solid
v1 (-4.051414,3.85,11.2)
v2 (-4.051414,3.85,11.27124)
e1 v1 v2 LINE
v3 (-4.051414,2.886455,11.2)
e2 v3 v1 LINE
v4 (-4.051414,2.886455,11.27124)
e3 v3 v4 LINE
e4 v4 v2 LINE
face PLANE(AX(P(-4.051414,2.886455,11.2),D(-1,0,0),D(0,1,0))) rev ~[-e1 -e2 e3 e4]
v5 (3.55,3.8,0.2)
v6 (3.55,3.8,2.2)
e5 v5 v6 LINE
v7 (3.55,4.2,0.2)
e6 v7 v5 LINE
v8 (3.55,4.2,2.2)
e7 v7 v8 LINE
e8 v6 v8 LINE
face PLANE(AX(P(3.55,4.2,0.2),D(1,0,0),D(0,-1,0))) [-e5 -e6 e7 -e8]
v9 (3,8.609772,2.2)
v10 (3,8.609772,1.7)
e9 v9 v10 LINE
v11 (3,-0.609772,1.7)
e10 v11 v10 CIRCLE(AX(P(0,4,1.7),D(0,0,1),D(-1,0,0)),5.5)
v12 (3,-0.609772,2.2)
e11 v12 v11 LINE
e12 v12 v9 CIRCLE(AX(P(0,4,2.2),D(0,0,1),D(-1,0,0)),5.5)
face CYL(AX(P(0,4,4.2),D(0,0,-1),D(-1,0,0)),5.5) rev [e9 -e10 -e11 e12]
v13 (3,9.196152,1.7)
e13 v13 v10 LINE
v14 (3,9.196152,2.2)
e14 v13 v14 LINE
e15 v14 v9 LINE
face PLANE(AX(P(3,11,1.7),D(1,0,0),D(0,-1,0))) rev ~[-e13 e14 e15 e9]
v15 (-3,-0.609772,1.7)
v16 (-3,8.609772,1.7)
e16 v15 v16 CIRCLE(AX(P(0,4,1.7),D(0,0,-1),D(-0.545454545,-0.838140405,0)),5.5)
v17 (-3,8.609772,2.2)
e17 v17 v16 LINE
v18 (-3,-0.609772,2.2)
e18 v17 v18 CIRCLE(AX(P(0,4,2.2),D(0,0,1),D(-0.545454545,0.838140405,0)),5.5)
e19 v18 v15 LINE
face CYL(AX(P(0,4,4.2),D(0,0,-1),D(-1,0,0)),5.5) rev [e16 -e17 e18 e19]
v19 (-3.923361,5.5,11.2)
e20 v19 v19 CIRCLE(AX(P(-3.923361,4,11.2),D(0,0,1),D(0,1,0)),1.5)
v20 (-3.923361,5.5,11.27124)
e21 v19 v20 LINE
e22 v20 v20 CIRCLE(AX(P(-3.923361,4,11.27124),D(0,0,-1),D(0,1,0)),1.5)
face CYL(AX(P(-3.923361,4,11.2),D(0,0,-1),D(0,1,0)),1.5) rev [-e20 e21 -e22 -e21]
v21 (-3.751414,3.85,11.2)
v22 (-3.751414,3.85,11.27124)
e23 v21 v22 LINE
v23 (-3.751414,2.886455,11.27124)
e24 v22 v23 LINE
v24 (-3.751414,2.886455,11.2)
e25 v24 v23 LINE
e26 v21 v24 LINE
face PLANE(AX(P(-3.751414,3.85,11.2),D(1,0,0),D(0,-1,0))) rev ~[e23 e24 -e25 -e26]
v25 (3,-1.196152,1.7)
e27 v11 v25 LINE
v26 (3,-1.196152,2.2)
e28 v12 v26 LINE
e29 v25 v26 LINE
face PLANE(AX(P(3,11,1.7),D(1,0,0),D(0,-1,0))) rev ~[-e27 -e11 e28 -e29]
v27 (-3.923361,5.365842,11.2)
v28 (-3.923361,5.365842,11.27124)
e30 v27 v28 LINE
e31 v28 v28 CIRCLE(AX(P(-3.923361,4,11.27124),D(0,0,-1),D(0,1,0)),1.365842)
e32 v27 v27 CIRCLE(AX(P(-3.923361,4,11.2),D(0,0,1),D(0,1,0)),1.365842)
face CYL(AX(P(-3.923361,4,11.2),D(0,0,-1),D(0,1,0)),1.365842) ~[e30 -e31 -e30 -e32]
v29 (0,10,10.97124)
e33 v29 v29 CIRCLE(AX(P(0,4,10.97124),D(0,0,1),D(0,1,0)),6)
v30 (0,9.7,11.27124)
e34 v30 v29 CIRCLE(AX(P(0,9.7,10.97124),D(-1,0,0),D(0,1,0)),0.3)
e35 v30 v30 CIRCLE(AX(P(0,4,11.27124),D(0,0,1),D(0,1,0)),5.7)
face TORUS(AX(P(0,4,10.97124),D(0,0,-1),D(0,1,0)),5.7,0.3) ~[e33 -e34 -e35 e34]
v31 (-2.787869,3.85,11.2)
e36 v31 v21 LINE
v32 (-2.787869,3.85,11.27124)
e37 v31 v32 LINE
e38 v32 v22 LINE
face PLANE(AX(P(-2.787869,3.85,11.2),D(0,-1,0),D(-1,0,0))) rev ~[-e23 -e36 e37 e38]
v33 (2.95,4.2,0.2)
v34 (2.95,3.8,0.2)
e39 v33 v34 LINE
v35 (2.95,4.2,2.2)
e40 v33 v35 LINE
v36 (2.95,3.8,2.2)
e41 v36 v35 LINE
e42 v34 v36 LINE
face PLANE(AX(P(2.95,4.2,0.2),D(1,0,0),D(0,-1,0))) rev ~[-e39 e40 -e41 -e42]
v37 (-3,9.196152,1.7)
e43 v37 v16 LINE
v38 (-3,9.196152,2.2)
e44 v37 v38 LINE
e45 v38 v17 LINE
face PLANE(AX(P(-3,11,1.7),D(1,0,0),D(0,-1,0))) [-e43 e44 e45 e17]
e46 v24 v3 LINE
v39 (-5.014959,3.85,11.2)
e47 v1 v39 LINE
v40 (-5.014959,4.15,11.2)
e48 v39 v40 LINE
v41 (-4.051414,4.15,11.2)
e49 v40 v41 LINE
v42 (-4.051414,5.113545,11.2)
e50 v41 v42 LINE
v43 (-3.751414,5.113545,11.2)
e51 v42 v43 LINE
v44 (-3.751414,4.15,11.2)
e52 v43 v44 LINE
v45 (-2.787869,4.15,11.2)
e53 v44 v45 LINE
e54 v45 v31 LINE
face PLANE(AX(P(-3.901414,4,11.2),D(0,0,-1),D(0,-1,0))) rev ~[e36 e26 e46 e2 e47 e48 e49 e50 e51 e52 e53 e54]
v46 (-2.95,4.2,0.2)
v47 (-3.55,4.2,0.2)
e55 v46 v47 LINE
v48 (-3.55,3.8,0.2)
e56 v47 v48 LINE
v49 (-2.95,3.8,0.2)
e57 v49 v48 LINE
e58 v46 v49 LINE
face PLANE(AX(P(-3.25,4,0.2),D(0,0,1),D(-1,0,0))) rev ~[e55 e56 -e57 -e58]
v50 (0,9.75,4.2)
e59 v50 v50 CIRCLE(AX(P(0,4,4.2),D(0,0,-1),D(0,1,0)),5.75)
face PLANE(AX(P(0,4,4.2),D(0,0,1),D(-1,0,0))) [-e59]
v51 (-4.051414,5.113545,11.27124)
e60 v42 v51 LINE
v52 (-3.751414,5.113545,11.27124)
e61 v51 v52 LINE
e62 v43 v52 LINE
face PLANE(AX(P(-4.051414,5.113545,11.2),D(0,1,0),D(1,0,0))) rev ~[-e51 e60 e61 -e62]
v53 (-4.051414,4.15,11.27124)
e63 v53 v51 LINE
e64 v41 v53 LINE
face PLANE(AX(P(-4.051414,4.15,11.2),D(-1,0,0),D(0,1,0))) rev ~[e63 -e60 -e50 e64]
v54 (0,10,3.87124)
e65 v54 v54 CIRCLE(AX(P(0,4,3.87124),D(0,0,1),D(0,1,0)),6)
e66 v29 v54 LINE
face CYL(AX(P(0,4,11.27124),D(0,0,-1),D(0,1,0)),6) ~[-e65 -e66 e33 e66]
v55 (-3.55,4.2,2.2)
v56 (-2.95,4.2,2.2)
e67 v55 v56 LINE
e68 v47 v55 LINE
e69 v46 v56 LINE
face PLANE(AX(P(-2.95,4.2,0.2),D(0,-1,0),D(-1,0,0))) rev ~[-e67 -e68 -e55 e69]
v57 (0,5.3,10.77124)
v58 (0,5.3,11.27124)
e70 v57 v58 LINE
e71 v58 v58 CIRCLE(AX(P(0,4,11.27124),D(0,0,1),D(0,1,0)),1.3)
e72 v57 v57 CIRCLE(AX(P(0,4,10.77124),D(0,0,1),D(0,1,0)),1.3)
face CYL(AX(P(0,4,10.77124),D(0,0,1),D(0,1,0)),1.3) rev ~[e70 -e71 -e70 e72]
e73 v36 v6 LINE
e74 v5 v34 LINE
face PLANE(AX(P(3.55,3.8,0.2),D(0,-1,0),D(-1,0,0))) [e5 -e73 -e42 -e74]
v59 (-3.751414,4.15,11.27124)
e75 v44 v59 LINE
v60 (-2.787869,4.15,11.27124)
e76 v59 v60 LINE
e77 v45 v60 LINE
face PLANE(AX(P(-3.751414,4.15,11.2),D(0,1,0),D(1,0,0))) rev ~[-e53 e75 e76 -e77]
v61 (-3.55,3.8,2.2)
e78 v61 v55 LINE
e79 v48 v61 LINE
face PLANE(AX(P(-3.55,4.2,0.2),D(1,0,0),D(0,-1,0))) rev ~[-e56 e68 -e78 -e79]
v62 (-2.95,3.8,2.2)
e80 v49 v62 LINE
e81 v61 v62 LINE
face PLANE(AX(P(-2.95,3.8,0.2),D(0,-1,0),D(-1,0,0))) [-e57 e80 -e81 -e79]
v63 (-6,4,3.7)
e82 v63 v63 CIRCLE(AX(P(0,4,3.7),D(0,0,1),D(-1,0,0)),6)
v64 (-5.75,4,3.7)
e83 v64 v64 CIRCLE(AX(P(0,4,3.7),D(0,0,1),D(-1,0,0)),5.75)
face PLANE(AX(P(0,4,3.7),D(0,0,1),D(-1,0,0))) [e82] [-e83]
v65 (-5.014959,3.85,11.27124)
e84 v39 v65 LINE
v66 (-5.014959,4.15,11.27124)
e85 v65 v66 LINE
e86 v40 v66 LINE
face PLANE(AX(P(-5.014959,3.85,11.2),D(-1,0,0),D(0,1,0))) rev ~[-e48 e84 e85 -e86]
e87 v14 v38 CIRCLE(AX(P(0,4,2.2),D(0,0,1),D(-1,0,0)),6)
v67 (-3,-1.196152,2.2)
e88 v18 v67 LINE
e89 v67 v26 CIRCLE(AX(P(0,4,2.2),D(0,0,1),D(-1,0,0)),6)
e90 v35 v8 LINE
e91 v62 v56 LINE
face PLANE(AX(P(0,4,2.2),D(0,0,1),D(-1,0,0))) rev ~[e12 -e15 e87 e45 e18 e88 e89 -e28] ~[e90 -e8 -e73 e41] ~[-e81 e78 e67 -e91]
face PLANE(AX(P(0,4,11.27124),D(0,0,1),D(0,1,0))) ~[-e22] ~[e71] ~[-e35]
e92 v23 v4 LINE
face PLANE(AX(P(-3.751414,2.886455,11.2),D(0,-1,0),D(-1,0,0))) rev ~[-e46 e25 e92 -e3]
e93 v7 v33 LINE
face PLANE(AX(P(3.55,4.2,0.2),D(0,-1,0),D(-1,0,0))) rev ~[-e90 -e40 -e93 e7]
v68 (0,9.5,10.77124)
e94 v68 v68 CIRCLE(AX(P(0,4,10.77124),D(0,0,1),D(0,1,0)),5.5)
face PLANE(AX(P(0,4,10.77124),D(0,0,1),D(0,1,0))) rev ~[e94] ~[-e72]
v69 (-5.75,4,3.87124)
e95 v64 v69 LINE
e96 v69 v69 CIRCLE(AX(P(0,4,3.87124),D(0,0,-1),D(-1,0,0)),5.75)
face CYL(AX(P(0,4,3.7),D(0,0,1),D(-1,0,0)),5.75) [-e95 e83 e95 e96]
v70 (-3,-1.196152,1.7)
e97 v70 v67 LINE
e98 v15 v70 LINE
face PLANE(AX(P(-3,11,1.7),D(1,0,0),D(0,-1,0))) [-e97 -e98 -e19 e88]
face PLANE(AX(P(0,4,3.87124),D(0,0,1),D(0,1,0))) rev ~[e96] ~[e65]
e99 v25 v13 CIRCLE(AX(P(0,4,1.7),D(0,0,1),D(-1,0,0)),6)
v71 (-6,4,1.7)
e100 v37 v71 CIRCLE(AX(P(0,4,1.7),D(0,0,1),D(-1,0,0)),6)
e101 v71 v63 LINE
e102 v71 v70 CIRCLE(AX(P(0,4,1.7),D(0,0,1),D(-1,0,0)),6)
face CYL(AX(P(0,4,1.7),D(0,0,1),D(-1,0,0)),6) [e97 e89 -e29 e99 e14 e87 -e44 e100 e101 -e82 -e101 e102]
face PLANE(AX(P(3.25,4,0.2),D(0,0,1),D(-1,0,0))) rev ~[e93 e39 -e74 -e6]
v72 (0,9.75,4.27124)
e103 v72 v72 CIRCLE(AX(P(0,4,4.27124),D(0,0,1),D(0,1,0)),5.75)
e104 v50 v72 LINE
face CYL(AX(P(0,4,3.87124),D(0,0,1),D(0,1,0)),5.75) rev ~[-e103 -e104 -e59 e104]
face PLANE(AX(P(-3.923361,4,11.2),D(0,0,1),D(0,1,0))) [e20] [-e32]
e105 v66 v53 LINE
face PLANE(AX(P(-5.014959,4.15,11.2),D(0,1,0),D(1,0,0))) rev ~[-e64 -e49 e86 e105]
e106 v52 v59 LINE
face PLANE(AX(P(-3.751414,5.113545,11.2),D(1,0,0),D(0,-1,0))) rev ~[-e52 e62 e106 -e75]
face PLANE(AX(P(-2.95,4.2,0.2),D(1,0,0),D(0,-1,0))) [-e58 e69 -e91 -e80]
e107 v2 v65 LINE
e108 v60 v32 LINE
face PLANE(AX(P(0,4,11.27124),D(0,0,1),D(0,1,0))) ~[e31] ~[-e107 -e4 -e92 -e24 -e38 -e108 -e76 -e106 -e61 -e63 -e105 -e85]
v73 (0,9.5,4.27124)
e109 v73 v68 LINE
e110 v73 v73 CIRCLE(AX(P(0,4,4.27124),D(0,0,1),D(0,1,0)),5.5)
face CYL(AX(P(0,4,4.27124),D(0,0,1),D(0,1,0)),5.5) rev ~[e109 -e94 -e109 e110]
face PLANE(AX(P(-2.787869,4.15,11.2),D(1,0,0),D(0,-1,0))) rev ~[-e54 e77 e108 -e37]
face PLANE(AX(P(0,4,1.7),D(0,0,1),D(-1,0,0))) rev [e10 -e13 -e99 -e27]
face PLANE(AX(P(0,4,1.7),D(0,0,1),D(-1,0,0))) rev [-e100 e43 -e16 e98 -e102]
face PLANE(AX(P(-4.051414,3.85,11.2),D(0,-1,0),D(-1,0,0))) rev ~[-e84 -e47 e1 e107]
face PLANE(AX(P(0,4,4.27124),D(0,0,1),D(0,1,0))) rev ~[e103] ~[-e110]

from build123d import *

# Parameters (mm, degrees)
BOX_W                     = 0.6
BOX_H                     = 0.4
BOX_DEPTH                 = 2.5
BOX002_W                  = 0.6
BOX002_H                  = 0.4
BOX002_DEPTH              = 2.5
CYLINDER002_R             = 5.5
CYLINDER002_DEPTH         = 2
FUSION002_PLACEMENT_ANGLE = 90
BOX001_W                  = 6
BOX001_H                  = 15
BOX001_DEPTH              = 0.5
CUT005_PLACEMENT_ANGLE    = 90
PAD003_DEPTH              = 5
SKETCH004_R               = 1.5
SKETCH004_R_2             = 1.365842
PAD004_DEPTH              = 5
FILLET_R                  = 0.3
FUSION001_PLACEMENT_ANGLE = 90


with BuildPart() as pata1_buzzer:
    # Box → Box (new body)
    with BuildSketch(Plane(origin=(2.95, -0.2, -2), x_dir=(1, 0, 0), z_dir=(0, 0, 1))):
        with Locations((0.3, 0.2)):
            Rectangle(BOX_W, BOX_H)
    extrude(amount=BOX_DEPTH)


with BuildPart() as pata2_buzzer:
    # Box002 → Box002 (new body)
    with BuildSketch(Plane(origin=(-3.55, -0.2, -2), x_dir=(1, 0, 0), z_dir=(0, 0, 1))):
        with Locations((0.3, 0.2)):
            Rectangle(BOX002_W, BOX002_H)
    extrude(amount=BOX002_DEPTH)


with BuildPart() as interior_buzzer:
    # Cylinder002 → Cylinder002 (new body)
    with BuildSketch(Plane.XY):
        Circle(CYLINDER002_R)
    extrude(amount=CYLINDER002_DEPTH)

    # Fusion002: union pata1_buzzer, pata2_buzzer
    add(pata1_buzzer.part)
    add(pata2_buzzer.part)


with BuildPart() as interior_buzzer_1:
    # Fusion002 placement: moved
    add(interior_buzzer.part.moved(Location((0, 0, 0.5))).rotate(Axis((0, 0, 0.5), (0, 0, 1)), FUSION002_PLACEMENT_ANGLE))


with BuildPart() as rebaje_aroinf:
    # Box001 → Box001 (new body)
    with BuildSketch(Plane(origin=(-3, -7, 0), x_dir=(1, 0, 0), z_dir=(0, 0, 1))):
        with Locations((3, 7.5)):
            Rectangle(BOX001_W, BOX001_H)
    extrude(amount=BOX001_DEPTH)


with BuildPart() as aroinferior:
    # Sketch002 → Revolution001 (revolve)
    with BuildSketch(Plane.XZ):
        Polygon((5.5, 2.5), (5.5, 0), (6, 0), (6, 2), (5.75, 2), (5.75, 2.5), align=None)
    revolve(axis=Axis((0, 0, 0), (0, 0, 1)))

    # Cut005: cut Rebaje_AroInf
    add(rebaje_aroinf.part, mode=Mode.SUBTRACT)


with BuildPart() as aroinferior_1:
    # Cut005 placement: moved
    add(aroinferior.part.rotate(Axis((0, 0, 0), (0, 0, 1)), CUT005_PLACEMENT_ANGLE))


with BuildPart() as ext_troquelplus:
    # Sketch005 → Pad003 (new body)
    with BuildSketch(Plane.XY.offset(9.5)):
        Polygon((-0.15, 5.014959), (0.15, 5.014959), (0.15, 4.051414), (1.113545, 4.051414), (1.113545, 3.751414), (0.15, 3.751414), (0.15, 2.787869), (-0.15, 2.787869), (-0.15, 3.751414), (-1.113545, 3.751414), (-1.113545, 4.051414), (-0.15, 4.051414), align=None)
    extrude(amount=PAD003_DEPTH)


with BuildPart() as ext_troquelcirc:
    # Sketch004 → Pad004 (new body)
    with BuildSketch(Plane.XY.offset(9.5)):
        with Locations((0, 3.923361)):
            Circle(SKETCH004_R)
        with Locations((0, 3.923361)):
            Circle(SKETCH004_R_2, mode=Mode.SUBTRACT)
    extrude(amount=PAD004_DEPTH)


with BuildPart() as buzzer:
    # Sketch003 → Revolution (revolve)
    with BuildSketch(Plane.XZ):
        Polygon((1.3, 9.57124), (6, 9.57124), (6, 2.17124), (5.75, 2.17124), (5.75, 2.57124), (5.5, 2.57124), (5.5, 9.07124), (1.3, 9.07124), align=None)
    revolve(axis=Axis((0, 0, 0), (0, 0, 1)))

    # Fillet
    fillet_edges = [buzzer.edges().sort_by_distance(p)[0] for p in [
        (-6, 0, 9.57124),
    ]]
    fillet(fillet_edges, radius=FILLET_R)

    # Cut004: cut Ext_troquelCirc
    add(ext_troquelcirc.part, mode=Mode.SUBTRACT)

    # Cut003: cut Ext_TroquelPlus
    add(ext_troquelplus.part, mode=Mode.SUBTRACT)

    # Fusion001: union Interior_buzzer, AroInferior
    add(interior_buzzer_1.part)
    add(aroinferior_1.part)


with BuildPart() as buzzer_1:
    # Fusion001 placement: moved
    add(buzzer.part.moved(Location((0, 4, 1.7))).rotate(Axis((0, 4, 1.7), (0, 0, 1)), FUSION001_PLACEMENT_ANGLE))


solid = buzzer_1.part
